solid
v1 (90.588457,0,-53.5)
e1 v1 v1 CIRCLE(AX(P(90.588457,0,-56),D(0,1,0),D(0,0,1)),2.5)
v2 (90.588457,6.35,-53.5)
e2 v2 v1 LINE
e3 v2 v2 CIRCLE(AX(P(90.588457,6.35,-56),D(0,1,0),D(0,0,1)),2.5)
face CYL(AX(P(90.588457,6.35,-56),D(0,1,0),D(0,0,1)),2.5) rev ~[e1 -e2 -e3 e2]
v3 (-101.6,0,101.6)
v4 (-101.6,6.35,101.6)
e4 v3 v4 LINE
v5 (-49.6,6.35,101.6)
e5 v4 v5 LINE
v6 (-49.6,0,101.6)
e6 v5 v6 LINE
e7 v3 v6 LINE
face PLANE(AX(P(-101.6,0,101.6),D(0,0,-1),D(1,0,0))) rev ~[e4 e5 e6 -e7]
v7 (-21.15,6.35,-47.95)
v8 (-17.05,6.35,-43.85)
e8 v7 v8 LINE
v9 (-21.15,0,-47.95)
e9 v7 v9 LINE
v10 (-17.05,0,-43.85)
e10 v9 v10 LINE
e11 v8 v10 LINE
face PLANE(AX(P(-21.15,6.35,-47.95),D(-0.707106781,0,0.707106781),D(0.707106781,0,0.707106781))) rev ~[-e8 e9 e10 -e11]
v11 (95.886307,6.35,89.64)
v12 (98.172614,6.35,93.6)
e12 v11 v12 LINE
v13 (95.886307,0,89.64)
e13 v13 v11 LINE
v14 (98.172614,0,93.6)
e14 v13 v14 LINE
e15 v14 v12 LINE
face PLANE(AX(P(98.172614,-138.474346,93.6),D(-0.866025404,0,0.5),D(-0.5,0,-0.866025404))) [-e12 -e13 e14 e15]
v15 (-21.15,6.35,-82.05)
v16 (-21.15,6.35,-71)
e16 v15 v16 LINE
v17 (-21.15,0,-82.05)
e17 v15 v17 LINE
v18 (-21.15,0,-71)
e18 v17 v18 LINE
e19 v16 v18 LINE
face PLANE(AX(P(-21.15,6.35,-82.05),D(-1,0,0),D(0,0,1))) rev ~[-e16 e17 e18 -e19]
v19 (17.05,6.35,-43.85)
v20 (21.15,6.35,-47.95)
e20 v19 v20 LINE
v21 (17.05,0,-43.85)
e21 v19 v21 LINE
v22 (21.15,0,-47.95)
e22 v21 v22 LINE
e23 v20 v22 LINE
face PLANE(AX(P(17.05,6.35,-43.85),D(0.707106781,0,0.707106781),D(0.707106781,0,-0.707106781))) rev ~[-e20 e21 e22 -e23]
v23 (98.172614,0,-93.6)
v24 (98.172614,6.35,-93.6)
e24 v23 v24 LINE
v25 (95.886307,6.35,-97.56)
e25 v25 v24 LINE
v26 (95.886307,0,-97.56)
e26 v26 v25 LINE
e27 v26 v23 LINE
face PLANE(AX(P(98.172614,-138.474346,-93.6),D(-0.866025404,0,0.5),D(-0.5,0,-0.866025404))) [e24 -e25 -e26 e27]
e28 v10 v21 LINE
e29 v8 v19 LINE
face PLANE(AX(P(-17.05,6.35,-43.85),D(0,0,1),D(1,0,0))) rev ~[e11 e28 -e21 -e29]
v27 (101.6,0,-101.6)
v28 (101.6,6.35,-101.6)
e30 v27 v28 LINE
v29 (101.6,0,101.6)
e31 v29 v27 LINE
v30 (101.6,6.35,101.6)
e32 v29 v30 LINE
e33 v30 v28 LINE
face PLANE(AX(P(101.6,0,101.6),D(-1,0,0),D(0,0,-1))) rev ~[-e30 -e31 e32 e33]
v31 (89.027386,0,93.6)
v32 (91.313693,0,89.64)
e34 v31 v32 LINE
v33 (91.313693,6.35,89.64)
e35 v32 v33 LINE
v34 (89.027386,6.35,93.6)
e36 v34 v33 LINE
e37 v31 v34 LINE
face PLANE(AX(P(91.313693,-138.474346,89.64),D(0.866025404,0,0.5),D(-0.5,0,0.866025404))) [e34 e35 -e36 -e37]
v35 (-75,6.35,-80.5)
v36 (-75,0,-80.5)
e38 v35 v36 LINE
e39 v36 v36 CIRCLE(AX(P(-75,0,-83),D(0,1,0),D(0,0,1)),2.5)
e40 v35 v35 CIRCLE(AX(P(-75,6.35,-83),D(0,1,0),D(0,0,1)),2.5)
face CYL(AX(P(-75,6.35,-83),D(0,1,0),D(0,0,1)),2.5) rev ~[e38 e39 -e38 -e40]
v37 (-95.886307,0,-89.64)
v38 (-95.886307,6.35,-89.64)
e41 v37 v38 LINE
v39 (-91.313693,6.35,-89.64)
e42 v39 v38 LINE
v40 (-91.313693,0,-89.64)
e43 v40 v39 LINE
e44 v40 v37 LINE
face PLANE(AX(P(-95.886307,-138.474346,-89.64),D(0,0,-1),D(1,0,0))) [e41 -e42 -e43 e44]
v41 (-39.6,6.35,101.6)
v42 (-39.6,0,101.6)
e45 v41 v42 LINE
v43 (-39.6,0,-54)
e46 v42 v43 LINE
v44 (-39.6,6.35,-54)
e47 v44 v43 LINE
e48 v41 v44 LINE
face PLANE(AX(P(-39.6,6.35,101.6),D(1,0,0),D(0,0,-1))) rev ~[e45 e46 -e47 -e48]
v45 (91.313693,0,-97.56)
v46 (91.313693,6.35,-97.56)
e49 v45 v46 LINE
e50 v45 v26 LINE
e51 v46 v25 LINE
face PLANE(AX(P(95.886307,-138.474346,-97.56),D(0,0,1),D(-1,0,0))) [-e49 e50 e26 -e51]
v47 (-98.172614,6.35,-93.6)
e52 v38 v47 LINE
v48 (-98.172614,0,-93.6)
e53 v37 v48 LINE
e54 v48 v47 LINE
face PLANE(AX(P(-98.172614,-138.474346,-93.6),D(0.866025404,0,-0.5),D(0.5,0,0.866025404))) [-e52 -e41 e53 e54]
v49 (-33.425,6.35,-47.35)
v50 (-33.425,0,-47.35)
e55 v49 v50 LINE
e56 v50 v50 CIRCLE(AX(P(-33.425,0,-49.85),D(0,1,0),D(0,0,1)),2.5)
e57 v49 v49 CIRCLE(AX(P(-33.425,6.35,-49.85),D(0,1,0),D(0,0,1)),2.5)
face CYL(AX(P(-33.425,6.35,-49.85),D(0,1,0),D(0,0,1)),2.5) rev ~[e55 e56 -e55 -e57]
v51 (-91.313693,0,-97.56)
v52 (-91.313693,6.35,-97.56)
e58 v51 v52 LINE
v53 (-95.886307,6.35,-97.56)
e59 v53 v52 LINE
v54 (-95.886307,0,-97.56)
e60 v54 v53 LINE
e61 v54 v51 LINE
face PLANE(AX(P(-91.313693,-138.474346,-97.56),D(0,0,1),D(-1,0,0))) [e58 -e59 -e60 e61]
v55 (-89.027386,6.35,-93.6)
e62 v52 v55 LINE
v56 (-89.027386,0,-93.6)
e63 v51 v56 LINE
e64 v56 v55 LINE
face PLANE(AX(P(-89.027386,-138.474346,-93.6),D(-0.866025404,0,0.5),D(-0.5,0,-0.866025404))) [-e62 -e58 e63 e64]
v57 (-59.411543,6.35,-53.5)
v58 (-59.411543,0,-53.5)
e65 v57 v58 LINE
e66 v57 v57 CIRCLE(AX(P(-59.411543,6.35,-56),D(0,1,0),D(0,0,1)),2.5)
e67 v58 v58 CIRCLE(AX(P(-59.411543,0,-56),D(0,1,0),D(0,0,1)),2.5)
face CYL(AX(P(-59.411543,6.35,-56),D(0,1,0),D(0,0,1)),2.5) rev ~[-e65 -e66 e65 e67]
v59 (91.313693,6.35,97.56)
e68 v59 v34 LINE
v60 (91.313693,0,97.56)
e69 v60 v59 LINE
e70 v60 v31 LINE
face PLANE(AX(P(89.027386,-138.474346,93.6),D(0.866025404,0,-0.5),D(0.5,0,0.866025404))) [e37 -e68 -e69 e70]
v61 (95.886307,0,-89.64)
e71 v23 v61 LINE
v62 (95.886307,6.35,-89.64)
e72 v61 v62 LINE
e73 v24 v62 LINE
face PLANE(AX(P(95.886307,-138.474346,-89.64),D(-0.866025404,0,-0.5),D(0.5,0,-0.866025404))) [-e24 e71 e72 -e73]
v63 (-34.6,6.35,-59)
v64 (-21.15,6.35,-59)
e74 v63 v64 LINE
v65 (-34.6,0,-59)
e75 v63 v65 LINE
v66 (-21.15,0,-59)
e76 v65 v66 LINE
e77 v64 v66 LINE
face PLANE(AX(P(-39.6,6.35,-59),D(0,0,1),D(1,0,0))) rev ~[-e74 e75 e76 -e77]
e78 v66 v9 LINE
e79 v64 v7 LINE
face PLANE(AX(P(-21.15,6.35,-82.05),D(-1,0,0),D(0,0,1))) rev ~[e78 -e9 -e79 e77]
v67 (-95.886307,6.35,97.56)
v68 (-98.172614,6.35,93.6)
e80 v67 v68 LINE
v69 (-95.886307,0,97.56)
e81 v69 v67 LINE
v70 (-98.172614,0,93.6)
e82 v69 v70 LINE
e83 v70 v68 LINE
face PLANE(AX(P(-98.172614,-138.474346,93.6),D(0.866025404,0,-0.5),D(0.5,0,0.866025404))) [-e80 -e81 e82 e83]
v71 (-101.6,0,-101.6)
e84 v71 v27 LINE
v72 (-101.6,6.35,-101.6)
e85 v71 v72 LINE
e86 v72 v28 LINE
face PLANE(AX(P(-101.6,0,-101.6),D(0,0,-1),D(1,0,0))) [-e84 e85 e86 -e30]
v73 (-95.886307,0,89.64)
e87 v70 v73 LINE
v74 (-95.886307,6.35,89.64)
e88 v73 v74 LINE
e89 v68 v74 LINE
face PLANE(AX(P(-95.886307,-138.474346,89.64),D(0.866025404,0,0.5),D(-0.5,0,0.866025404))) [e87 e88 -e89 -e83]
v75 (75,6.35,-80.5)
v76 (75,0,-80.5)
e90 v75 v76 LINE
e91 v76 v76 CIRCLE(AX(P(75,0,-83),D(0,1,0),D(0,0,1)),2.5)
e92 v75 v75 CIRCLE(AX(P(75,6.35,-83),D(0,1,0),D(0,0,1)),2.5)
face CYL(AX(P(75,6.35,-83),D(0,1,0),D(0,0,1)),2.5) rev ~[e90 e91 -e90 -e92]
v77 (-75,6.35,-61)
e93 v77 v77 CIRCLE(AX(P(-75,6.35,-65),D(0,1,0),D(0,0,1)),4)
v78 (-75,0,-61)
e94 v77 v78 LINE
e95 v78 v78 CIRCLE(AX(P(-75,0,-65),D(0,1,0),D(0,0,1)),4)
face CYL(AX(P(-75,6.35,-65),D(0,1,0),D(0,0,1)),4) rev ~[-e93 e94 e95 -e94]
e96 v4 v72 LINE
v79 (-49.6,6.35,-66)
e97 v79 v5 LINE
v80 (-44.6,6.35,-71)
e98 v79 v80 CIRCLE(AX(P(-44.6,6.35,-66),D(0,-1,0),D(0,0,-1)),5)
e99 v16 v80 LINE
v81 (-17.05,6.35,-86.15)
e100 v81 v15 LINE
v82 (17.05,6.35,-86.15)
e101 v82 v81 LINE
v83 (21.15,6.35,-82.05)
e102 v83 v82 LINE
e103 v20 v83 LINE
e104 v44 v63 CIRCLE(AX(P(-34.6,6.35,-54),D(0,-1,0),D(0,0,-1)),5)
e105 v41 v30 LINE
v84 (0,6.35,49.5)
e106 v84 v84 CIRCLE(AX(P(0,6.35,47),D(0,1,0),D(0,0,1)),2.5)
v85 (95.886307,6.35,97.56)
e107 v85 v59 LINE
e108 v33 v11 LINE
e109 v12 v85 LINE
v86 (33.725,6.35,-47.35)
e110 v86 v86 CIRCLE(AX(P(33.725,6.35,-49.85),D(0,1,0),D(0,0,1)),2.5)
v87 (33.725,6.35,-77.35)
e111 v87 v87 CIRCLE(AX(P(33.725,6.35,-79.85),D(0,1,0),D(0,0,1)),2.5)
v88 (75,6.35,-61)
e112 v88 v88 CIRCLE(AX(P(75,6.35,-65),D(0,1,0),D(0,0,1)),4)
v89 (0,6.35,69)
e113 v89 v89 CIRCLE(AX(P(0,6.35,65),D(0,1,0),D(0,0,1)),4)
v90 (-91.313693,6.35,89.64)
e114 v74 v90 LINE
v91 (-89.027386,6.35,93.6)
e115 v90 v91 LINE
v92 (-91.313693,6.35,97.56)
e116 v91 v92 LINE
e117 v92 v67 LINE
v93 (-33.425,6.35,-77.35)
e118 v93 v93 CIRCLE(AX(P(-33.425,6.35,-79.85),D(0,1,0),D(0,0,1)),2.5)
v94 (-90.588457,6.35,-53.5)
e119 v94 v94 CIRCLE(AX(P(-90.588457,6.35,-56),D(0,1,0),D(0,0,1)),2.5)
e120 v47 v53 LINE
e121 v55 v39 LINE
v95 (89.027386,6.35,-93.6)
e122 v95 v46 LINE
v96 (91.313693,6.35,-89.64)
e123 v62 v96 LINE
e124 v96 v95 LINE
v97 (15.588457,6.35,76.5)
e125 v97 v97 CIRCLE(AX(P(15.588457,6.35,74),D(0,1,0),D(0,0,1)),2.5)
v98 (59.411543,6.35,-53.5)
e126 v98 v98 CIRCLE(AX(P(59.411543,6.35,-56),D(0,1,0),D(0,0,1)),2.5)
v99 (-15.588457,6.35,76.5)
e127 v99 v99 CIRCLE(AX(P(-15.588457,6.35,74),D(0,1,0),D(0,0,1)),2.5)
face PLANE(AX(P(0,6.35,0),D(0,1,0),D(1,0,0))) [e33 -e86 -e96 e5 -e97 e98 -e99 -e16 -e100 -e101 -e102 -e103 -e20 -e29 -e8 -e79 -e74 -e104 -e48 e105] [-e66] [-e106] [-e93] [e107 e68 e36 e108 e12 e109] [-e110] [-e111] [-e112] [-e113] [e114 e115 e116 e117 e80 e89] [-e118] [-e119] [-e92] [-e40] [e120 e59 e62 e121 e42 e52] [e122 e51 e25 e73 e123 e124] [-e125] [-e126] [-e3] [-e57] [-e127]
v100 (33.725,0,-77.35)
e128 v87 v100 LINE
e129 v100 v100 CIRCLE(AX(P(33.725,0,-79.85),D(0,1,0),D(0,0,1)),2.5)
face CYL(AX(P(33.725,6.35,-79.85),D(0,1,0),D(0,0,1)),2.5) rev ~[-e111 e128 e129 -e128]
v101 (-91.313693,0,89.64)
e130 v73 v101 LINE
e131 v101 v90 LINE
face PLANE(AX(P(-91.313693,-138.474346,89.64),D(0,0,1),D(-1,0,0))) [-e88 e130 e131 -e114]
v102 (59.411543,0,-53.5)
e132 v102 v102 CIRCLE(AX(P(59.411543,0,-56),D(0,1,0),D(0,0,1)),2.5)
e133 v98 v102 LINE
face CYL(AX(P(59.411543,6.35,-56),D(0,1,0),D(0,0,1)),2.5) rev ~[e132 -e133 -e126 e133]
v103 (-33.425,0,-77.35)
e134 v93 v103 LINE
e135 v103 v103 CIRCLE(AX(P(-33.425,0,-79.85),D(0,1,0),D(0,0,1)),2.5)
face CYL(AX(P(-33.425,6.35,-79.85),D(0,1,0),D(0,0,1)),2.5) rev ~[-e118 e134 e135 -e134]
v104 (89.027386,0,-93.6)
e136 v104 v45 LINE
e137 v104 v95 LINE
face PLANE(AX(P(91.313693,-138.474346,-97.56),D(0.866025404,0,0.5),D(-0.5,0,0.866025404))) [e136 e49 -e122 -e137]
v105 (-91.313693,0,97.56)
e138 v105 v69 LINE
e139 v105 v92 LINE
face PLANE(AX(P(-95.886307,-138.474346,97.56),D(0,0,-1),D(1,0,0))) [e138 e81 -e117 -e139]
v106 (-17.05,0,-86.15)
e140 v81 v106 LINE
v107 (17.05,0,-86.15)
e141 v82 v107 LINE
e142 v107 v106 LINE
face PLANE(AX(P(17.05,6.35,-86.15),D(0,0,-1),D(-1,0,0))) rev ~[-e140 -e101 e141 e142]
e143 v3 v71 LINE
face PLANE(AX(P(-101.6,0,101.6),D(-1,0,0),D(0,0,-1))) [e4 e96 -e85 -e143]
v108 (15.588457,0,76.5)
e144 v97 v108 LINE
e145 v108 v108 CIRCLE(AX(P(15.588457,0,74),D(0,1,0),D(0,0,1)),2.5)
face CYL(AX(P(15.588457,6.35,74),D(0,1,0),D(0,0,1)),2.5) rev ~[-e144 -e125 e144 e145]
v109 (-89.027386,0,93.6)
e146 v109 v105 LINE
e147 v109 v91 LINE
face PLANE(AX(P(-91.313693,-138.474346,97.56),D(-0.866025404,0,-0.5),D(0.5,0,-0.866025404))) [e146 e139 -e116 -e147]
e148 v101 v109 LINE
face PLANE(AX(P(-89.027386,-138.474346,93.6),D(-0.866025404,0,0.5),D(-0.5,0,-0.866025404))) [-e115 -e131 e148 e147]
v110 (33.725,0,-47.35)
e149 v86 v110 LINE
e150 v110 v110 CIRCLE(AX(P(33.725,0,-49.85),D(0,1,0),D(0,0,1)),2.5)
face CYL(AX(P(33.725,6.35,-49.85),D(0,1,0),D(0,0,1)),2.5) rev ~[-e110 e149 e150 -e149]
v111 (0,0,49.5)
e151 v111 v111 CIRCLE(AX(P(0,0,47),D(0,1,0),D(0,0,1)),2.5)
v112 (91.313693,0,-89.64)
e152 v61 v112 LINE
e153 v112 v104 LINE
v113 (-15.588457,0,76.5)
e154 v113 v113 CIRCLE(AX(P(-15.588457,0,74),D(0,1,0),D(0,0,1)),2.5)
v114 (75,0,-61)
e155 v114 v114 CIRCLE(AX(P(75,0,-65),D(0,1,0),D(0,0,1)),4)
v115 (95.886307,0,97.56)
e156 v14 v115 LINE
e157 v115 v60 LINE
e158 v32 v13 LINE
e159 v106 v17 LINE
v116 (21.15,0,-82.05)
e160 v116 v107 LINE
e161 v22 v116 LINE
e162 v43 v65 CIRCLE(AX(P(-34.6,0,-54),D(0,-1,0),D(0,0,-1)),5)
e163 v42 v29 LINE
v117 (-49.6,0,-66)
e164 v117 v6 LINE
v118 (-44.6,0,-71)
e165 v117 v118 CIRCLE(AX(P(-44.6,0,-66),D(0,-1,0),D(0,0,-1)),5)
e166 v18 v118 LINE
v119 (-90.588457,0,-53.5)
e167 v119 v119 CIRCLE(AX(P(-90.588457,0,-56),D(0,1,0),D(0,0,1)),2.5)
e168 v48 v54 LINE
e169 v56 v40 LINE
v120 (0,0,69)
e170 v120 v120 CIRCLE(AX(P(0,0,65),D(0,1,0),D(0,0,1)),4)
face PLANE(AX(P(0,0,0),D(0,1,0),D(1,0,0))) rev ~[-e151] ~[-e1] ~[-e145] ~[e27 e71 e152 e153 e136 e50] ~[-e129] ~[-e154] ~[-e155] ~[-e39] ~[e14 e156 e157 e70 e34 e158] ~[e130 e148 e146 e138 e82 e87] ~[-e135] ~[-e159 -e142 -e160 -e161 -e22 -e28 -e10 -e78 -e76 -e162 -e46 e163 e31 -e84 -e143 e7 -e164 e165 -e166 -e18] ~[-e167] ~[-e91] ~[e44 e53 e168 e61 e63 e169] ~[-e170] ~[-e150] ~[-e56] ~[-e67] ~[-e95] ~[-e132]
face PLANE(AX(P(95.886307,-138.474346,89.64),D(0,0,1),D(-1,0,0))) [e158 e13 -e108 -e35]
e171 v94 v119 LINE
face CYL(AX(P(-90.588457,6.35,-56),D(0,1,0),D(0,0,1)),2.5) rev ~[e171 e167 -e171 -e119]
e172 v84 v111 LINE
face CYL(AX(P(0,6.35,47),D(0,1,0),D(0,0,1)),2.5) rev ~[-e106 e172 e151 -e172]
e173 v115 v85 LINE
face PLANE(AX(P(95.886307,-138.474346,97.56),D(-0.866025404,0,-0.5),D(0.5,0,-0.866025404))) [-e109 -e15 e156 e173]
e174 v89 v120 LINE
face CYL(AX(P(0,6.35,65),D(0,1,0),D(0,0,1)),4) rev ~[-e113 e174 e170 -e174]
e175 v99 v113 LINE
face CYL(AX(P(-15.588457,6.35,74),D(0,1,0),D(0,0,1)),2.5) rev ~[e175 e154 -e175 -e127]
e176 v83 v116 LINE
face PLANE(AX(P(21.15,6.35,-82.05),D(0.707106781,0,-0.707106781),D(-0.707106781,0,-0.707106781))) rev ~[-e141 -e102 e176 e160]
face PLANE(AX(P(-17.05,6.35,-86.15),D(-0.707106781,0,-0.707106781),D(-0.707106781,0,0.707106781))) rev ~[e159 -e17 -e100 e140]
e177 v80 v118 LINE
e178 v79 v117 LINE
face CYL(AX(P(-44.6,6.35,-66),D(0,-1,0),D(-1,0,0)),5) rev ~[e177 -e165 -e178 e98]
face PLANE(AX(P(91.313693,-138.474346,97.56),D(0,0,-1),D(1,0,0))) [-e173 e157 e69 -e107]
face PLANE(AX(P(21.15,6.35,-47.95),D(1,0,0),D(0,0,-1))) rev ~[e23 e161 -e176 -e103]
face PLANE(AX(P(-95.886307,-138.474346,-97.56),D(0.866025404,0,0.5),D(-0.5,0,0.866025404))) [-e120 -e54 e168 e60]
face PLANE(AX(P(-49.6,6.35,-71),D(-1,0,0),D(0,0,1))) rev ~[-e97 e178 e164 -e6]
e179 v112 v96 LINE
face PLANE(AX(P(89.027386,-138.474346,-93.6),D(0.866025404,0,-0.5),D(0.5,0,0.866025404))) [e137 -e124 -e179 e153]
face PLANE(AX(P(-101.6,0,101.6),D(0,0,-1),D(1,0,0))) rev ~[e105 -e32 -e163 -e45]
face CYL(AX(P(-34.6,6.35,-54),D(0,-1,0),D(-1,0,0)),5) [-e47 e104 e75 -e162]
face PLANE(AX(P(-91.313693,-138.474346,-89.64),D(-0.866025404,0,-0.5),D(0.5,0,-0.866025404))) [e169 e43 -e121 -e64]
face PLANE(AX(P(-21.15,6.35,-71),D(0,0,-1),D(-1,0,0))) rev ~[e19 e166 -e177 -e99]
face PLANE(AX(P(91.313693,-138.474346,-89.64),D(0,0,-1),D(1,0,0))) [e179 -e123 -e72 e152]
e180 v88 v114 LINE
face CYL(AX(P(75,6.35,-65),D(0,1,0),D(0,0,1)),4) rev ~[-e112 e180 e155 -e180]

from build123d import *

# Parameters (mm, degrees)
ESQUISSE1_W                  = 203.2
ESQUISSE1_H                  = 203.2
BOSS_EXTRU_1_DEPTH           = 6.35
ESQUISSE2_R                  = 4
ENL_V_MAT_EXTRU_1_DEPTH      = 144.824345992
ENL_V_MAT_EXTRU_2_DEPTH      = 144.824345992
ENL_V_MAT_EXTRU_3_DEPTH      = 144.824345992
CONG_1_R                     = 5
ESQUISSE5_R                  = 2.5
ENL_V_MAT_EXTRU_4_DEPTH      = 144.824345992
ESQUISSE6_R                  = 2.5
ENL_V_MAT_EXTRU_5_DEPTH      = 144.824345992
ENL_V_MAT_EXTRU_6_DEPTH      = 144.824345992
ENL_V_MAT_EXTRU_6_DEPTH_BACK = 144.824345992
ESQUISSE8_R                  = 2.5
ENL_V_MAT_EXTRU_7_DEPTH      = 144.824345992


with BuildPart() as part:
    # Esquisse1 → Boss.-Extru.1 (new body)
    with BuildSketch(Plane(origin=(0, 0, 0), x_dir=(1, 0, 0), z_dir=(0, 1, 0))):
        Rectangle(ESQUISSE1_W, ESQUISSE1_H)
    extrude(amount=BOSS_EXTRU_1_DEPTH)

    # Esquisse2 → Enlèv. mat.-Extru.1 (cut, through all)
    with BuildSketch(Plane(origin=(0, 6.35, 0), x_dir=(1, 0, 0), z_dir=(0, 1, 0))):
        with Locations((-75, 65)):
            Circle(ESQUISSE2_R)
        with Locations((75, 65)):
            Circle(ESQUISSE2_R)
        with Locations((0, -65)):
            Circle(ESQUISSE2_R)
    extrude(amount=-ENL_V_MAT_EXTRU_1_DEPTH, mode=Mode.SUBTRACT)

    # Esquisse3 → Enlèv. mat.-Extru.2 (cut, through all)
    with BuildSketch(Plane(origin=(0, 6.35, 0), x_dir=(1, 0, 0), z_dir=(0, 1, 0))):
        Polygon((-17.05, 86.15), (-21.15, 82.05), (-21.15, 47.95), (-17.05, 43.85), (17.05, 43.85), (21.15, 47.95), (21.15, 82.05), (17.05, 86.15), align=None)
    extrude(amount=-ENL_V_MAT_EXTRU_2_DEPTH, mode=Mode.SUBTRACT)

    # Esquisse4 → Enlèv. mat.-Extru.3 (cut, through all)
    with BuildSketch(Plane(origin=(0, 6.35, 0), x_dir=(1, 0, 0), z_dir=(0, 1, 0))):
        Polygon((-49.6, -101.6), (-39.6, -101.6), (-39.6, 59), (-21.15, 59), (-21.15, 71), (-49.6, 71), align=None)
    extrude(amount=-ENL_V_MAT_EXTRU_3_DEPTH, mode=Mode.SUBTRACT)

    # Congé1
    cong_1_edges = [part.edges().sort_by_distance(p)[0] for p in [
        (-49.6, 3.175, -71),
        (-39.6, 3.175, -59),
    ]]
    fillet(cong_1_edges, radius=CONG_1_R)

    # Esquisse5 → Enlèv. mat.-Extru.4 (cut, through all)
    with BuildSketch(Plane(origin=(0, 6.35, 0), x_dir=(1, 0, 0), z_dir=(0, 1, 0))):
        with Locations((-33.425, 49.85)):
            Circle(ESQUISSE5_R)
        with Locations((-33.425, 79.85)):
            Circle(ESQUISSE5_R)
        with Locations((33.725, 79.85)):
            Circle(ESQUISSE5_R)
        with Locations((33.725, 49.85)):
            Circle(ESQUISSE5_R)
    extrude(amount=-ENL_V_MAT_EXTRU_4_DEPTH, mode=Mode.SUBTRACT)

    # Esquisse6 → Enlèv. mat.-Extru.5 (cut, through all)
    with BuildSketch(Plane(origin=(0, 6.35, 0), x_dir=(1, 0, 0), z_dir=(0, 1, 0))):
        with Locations((93.6, -93.6)):
            Circle(ESQUISSE6_R)
        with Locations((-93.6, -93.6)):
            Circle(ESQUISSE6_R)
        with Locations((-93.6, 93.6)):
            Circle(ESQUISSE6_R)
        with Locations((93.6, 93.6)):
            Circle(ESQUISSE6_R)
    extrude(amount=-ENL_V_MAT_EXTRU_5_DEPTH, mode=Mode.SUBTRACT)

    # Esquisse7 → Enlèv. mat.-Extru.6 (cut, two sides: drawn at the far end of the back side and taken through both)
    with BuildSketch(Plane(origin=(0, 6.35, 0), x_dir=(1, 0, 0), z_dir=(0, 1, 0)).offset(-ENL_V_MAT_EXTRU_6_DEPTH_BACK)):
        Polygon((-98.172614132, -93.6), (-95.886307066, -97.56), (-91.313692934, -97.56), (-89.027385868, -93.6), (-91.313692934, -89.64), (-95.886307066, -89.64), align=None)
        Polygon((89.027385868, -93.6), (91.313692934, -97.56), (95.886307066, -97.56), (98.172614132, -93.6), (95.886307066, -89.64), (91.313692934, -89.64), align=None)
        Polygon((89.027385868, 93.6), (91.313692934, 89.64), (95.886307066, 89.64), (98.172614132, 93.6), (95.886307066, 97.56), (91.313692934, 97.56), align=None)
        Polygon((-98.172614132, 93.6), (-95.886307066, 89.64), (-91.313692934, 89.64), (-89.027385868, 93.6), (-91.313692934, 97.56), (-95.886307066, 97.56), align=None)
    extrude(amount=ENL_V_MAT_EXTRU_6_DEPTH + ENL_V_MAT_EXTRU_6_DEPTH_BACK, mode=Mode.SUBTRACT)

    # Esquisse8 → Enlèv. mat.-Extru.7 (cut, through all)
    with BuildSketch(Plane(origin=(0, 6.35, 0), x_dir=(1, 0, 0), z_dir=(0, 1, 0))):
        with Locations((90.588457268, 56)):
            Circle(ESQUISSE8_R)
        with Locations((59.411542732, 56)):
            Circle(ESQUISSE8_R)
        with Locations((75, 83)):
            Circle(ESQUISSE8_R)
        with Locations((-90.588457268, 56)):
            Circle(ESQUISSE8_R)
        with Locations((-75, 83)):
            Circle(ESQUISSE8_R)
        with Locations((-59.411542732, 56)):
            Circle(ESQUISSE8_R)
        with Locations((15.588457268, -74)):
            Circle(ESQUISSE8_R)
        with Locations((-15.588457268, -74)):
            Circle(ESQUISSE8_R)
        with Locations((0, -47)):
            Circle(ESQUISSE8_R)
    extrude(amount=-ENL_V_MAT_EXTRU_7_DEPTH, mode=Mode.SUBTRACT)


solid = part.part
